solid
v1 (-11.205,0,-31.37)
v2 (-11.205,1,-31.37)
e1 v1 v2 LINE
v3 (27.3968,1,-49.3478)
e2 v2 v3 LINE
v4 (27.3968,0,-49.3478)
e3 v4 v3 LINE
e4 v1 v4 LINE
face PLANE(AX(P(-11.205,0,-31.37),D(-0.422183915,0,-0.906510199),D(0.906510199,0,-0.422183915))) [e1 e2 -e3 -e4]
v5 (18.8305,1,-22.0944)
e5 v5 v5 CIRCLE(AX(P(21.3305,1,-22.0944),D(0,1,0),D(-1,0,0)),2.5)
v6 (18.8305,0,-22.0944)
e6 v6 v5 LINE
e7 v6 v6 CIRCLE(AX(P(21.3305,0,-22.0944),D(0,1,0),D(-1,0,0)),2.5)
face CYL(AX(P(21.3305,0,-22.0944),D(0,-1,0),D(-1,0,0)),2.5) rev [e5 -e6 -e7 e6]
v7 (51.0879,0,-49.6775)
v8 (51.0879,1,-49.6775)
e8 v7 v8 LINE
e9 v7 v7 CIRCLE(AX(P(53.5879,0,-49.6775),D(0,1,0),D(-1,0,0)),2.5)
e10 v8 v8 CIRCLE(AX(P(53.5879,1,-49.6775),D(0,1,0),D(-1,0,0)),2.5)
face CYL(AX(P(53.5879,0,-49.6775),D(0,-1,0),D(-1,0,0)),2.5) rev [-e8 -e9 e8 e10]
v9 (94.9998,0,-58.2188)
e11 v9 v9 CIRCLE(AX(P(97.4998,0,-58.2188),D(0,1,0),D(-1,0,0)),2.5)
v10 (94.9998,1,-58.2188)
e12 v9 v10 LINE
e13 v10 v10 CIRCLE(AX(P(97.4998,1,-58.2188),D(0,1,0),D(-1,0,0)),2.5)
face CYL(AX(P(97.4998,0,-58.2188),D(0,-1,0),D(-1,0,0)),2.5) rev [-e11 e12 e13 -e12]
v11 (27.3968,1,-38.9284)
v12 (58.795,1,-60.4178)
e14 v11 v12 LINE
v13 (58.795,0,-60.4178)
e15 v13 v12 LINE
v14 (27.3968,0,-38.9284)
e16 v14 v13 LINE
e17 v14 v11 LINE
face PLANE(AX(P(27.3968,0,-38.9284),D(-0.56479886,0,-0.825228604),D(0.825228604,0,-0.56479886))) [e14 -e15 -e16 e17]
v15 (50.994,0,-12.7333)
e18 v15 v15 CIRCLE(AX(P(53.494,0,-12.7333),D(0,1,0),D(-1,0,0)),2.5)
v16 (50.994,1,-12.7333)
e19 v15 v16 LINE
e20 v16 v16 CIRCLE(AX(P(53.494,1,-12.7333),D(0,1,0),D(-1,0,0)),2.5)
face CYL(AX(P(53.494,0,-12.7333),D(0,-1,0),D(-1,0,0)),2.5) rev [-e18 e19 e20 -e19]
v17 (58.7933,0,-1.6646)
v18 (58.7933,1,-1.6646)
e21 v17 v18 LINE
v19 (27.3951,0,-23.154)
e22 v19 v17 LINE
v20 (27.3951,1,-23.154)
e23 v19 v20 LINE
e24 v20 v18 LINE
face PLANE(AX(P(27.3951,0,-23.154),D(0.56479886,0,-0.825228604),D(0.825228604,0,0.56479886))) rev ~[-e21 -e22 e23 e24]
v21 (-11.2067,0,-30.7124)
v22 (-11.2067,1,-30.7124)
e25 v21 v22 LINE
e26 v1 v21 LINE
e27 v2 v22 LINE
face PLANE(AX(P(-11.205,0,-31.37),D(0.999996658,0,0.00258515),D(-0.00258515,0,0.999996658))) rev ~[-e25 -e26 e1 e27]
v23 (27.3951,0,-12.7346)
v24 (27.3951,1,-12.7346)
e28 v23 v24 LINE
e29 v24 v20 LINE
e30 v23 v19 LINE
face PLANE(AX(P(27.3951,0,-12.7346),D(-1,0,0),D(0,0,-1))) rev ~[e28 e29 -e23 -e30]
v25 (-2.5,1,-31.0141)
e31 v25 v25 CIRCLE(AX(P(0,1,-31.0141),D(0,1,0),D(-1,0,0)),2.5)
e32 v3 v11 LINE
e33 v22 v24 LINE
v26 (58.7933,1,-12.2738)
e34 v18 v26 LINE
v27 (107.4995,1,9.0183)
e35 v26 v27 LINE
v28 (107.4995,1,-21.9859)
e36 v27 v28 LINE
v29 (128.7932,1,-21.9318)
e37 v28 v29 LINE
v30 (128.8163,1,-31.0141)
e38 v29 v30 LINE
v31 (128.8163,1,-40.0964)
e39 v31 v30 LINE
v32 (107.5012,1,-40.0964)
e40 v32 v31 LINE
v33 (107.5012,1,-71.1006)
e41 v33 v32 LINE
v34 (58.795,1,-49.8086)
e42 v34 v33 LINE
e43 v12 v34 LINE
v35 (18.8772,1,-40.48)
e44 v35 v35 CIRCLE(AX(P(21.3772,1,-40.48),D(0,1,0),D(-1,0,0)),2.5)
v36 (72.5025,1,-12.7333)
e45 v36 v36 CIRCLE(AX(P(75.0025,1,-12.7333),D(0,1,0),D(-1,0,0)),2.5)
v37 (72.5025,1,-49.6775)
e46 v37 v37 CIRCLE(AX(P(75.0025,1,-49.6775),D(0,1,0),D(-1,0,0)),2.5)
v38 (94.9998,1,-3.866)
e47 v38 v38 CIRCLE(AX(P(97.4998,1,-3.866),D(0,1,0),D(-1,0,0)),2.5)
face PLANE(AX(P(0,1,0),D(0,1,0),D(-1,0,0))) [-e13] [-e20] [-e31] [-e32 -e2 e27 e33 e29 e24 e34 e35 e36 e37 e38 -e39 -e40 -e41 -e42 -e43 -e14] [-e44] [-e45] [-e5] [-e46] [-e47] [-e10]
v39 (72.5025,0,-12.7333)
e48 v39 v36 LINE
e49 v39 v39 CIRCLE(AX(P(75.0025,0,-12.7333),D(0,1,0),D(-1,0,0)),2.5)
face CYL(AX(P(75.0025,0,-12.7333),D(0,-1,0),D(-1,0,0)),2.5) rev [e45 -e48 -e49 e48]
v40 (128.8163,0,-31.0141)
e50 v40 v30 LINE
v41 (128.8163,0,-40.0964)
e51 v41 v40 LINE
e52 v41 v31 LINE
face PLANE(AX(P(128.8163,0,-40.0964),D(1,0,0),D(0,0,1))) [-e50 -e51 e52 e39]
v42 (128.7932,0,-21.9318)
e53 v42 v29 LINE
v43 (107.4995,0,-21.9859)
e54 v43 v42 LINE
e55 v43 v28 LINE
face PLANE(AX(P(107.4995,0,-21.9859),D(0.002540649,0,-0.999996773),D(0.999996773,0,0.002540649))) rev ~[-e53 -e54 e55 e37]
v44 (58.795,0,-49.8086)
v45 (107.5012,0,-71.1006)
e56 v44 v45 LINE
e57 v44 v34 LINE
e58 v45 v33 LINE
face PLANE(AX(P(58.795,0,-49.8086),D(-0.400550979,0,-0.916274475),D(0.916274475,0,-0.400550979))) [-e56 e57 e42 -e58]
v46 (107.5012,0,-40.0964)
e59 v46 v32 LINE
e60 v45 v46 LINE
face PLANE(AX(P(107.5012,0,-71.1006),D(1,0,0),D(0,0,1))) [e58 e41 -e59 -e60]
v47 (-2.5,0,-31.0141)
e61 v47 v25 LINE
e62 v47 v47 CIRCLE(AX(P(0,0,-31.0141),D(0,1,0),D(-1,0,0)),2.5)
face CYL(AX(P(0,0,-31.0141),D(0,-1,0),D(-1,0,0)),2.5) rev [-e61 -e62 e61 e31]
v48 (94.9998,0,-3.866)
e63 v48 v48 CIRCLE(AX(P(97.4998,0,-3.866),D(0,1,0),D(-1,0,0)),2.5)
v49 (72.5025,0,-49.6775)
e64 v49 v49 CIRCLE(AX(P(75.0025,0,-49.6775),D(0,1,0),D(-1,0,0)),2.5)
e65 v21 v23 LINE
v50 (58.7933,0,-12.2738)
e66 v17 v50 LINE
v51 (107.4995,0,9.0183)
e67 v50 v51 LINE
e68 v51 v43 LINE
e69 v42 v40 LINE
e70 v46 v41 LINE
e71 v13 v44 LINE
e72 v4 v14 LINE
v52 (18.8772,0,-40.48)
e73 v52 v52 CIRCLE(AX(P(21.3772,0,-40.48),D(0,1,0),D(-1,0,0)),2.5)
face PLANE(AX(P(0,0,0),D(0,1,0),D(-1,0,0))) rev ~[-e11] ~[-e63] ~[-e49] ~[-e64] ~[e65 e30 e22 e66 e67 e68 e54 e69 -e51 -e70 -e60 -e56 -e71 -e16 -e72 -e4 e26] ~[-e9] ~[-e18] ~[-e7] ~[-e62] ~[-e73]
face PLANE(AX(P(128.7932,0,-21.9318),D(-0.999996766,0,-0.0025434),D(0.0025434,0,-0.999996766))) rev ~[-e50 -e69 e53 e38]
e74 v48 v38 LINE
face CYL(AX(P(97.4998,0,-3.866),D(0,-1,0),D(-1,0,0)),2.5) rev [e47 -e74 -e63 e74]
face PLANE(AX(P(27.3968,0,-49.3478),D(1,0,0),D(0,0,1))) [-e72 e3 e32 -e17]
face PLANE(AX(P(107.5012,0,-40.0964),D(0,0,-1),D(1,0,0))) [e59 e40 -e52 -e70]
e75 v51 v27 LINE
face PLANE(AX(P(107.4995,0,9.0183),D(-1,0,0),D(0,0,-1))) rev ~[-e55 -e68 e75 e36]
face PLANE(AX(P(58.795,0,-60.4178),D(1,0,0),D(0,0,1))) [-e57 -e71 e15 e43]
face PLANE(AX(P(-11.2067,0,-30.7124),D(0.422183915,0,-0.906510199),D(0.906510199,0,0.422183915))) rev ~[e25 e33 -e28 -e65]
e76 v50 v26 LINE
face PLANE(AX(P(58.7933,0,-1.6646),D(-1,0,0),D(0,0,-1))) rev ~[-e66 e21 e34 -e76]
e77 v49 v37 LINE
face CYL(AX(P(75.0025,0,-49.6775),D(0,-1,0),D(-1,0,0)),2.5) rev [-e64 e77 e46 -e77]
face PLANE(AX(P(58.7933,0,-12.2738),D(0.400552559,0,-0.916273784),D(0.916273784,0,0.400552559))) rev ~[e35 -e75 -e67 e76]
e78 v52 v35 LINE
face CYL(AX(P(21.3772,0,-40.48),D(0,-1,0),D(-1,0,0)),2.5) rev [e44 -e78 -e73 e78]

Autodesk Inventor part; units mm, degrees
ref_plane "YZ Plane" through (0, 0, 0) normal (1, 0, 0) x (0, 1, 0)
ref_plane "XZ Plane" through (0, 0, 0) normal (0, 1, 0) x (-1, 0, 0)
ref_plane "XY Plane" through (0, 0, 0) normal (0, 0, 1) x (1, 0, 0)
sketch "Sketch1" plane through (0, 0, 0) normal (0, 1, 0) x (-1, 0, 0)
  line L0 (-128.7932, -21.9318) -> (-128.8163, -31.0141)
  line L1 (11.205, -31.37) -> (11.2067, -30.7124)
  line L2 (11.2067, -30.7124) -> (-27.3951, -12.7346)
  line L3 (-27.3951, -12.7346) -> (-27.3951, -23.154)
  line L4 (-27.3951, -23.154) -> (-58.7933, -1.6646)
  line L5 (-58.7933, -1.6646) -> (-58.7933, -12.2738)
  line L6 (-58.7933, -12.2738) -> (-107.4995, 9.0183)
  line L7 (-107.4995, 9.0183) -> (-107.4995, -21.9859)
  line L8 (-107.4995, -21.9859) -> (-128.7932, -21.9318)
  line L9 (-128.8163, -40.0964) -> (-128.8163, -31.0141)
  line L10 (11.205, -31.37) -> (-27.3968, -49.3478)
  line L11 (-27.3968, -49.3478) -> (-27.3968, -38.9284)
  line L12 (-27.3968, -38.9284) -> (-58.795, -60.4178)
  line L13 (-58.795, -60.4178) -> (-58.795, -49.8086)
  line L14 (-58.795, -49.8086) -> (-107.5012, -71.1006)
  line L15 (-107.5012, -71.1006) -> (-107.5012, -40.0964)
  line L16 (-107.5012, -40.0964) -> (-128.8163, -40.0964)
  circle A0 centre (0, -31.0141) radius 2.5
  circle A1 centre (-21.3305, -22.0944) radius 2.5
  circle A2 centre (-53.494, -12.7333) radius 2.5
  circle A3 centre (-97.4998, -3.866) radius 2.5
  circle A4 centre (-75.0025, -12.7333) radius 2.5
  circle A5 centre (-21.3772, -40.48) radius 2.5
  circle A6 centre (-53.5879, -49.6775) radius 2.5
  circle A7 centre (-97.4998, -58.2188) radius 2.5
  circle A8 centre (-75.0025, -49.6775) radius 2.5
  point P0 (0, 0)
  dimension "d2" = 5
  dimension "d3" = 5
  dimension "d4" = 5
  dimension "d5" = 5
  dimension "d6" = 5
extrude "Extrusion1" add sketch "Sketch1" along normal blind 1
properties part number "Arbol"
